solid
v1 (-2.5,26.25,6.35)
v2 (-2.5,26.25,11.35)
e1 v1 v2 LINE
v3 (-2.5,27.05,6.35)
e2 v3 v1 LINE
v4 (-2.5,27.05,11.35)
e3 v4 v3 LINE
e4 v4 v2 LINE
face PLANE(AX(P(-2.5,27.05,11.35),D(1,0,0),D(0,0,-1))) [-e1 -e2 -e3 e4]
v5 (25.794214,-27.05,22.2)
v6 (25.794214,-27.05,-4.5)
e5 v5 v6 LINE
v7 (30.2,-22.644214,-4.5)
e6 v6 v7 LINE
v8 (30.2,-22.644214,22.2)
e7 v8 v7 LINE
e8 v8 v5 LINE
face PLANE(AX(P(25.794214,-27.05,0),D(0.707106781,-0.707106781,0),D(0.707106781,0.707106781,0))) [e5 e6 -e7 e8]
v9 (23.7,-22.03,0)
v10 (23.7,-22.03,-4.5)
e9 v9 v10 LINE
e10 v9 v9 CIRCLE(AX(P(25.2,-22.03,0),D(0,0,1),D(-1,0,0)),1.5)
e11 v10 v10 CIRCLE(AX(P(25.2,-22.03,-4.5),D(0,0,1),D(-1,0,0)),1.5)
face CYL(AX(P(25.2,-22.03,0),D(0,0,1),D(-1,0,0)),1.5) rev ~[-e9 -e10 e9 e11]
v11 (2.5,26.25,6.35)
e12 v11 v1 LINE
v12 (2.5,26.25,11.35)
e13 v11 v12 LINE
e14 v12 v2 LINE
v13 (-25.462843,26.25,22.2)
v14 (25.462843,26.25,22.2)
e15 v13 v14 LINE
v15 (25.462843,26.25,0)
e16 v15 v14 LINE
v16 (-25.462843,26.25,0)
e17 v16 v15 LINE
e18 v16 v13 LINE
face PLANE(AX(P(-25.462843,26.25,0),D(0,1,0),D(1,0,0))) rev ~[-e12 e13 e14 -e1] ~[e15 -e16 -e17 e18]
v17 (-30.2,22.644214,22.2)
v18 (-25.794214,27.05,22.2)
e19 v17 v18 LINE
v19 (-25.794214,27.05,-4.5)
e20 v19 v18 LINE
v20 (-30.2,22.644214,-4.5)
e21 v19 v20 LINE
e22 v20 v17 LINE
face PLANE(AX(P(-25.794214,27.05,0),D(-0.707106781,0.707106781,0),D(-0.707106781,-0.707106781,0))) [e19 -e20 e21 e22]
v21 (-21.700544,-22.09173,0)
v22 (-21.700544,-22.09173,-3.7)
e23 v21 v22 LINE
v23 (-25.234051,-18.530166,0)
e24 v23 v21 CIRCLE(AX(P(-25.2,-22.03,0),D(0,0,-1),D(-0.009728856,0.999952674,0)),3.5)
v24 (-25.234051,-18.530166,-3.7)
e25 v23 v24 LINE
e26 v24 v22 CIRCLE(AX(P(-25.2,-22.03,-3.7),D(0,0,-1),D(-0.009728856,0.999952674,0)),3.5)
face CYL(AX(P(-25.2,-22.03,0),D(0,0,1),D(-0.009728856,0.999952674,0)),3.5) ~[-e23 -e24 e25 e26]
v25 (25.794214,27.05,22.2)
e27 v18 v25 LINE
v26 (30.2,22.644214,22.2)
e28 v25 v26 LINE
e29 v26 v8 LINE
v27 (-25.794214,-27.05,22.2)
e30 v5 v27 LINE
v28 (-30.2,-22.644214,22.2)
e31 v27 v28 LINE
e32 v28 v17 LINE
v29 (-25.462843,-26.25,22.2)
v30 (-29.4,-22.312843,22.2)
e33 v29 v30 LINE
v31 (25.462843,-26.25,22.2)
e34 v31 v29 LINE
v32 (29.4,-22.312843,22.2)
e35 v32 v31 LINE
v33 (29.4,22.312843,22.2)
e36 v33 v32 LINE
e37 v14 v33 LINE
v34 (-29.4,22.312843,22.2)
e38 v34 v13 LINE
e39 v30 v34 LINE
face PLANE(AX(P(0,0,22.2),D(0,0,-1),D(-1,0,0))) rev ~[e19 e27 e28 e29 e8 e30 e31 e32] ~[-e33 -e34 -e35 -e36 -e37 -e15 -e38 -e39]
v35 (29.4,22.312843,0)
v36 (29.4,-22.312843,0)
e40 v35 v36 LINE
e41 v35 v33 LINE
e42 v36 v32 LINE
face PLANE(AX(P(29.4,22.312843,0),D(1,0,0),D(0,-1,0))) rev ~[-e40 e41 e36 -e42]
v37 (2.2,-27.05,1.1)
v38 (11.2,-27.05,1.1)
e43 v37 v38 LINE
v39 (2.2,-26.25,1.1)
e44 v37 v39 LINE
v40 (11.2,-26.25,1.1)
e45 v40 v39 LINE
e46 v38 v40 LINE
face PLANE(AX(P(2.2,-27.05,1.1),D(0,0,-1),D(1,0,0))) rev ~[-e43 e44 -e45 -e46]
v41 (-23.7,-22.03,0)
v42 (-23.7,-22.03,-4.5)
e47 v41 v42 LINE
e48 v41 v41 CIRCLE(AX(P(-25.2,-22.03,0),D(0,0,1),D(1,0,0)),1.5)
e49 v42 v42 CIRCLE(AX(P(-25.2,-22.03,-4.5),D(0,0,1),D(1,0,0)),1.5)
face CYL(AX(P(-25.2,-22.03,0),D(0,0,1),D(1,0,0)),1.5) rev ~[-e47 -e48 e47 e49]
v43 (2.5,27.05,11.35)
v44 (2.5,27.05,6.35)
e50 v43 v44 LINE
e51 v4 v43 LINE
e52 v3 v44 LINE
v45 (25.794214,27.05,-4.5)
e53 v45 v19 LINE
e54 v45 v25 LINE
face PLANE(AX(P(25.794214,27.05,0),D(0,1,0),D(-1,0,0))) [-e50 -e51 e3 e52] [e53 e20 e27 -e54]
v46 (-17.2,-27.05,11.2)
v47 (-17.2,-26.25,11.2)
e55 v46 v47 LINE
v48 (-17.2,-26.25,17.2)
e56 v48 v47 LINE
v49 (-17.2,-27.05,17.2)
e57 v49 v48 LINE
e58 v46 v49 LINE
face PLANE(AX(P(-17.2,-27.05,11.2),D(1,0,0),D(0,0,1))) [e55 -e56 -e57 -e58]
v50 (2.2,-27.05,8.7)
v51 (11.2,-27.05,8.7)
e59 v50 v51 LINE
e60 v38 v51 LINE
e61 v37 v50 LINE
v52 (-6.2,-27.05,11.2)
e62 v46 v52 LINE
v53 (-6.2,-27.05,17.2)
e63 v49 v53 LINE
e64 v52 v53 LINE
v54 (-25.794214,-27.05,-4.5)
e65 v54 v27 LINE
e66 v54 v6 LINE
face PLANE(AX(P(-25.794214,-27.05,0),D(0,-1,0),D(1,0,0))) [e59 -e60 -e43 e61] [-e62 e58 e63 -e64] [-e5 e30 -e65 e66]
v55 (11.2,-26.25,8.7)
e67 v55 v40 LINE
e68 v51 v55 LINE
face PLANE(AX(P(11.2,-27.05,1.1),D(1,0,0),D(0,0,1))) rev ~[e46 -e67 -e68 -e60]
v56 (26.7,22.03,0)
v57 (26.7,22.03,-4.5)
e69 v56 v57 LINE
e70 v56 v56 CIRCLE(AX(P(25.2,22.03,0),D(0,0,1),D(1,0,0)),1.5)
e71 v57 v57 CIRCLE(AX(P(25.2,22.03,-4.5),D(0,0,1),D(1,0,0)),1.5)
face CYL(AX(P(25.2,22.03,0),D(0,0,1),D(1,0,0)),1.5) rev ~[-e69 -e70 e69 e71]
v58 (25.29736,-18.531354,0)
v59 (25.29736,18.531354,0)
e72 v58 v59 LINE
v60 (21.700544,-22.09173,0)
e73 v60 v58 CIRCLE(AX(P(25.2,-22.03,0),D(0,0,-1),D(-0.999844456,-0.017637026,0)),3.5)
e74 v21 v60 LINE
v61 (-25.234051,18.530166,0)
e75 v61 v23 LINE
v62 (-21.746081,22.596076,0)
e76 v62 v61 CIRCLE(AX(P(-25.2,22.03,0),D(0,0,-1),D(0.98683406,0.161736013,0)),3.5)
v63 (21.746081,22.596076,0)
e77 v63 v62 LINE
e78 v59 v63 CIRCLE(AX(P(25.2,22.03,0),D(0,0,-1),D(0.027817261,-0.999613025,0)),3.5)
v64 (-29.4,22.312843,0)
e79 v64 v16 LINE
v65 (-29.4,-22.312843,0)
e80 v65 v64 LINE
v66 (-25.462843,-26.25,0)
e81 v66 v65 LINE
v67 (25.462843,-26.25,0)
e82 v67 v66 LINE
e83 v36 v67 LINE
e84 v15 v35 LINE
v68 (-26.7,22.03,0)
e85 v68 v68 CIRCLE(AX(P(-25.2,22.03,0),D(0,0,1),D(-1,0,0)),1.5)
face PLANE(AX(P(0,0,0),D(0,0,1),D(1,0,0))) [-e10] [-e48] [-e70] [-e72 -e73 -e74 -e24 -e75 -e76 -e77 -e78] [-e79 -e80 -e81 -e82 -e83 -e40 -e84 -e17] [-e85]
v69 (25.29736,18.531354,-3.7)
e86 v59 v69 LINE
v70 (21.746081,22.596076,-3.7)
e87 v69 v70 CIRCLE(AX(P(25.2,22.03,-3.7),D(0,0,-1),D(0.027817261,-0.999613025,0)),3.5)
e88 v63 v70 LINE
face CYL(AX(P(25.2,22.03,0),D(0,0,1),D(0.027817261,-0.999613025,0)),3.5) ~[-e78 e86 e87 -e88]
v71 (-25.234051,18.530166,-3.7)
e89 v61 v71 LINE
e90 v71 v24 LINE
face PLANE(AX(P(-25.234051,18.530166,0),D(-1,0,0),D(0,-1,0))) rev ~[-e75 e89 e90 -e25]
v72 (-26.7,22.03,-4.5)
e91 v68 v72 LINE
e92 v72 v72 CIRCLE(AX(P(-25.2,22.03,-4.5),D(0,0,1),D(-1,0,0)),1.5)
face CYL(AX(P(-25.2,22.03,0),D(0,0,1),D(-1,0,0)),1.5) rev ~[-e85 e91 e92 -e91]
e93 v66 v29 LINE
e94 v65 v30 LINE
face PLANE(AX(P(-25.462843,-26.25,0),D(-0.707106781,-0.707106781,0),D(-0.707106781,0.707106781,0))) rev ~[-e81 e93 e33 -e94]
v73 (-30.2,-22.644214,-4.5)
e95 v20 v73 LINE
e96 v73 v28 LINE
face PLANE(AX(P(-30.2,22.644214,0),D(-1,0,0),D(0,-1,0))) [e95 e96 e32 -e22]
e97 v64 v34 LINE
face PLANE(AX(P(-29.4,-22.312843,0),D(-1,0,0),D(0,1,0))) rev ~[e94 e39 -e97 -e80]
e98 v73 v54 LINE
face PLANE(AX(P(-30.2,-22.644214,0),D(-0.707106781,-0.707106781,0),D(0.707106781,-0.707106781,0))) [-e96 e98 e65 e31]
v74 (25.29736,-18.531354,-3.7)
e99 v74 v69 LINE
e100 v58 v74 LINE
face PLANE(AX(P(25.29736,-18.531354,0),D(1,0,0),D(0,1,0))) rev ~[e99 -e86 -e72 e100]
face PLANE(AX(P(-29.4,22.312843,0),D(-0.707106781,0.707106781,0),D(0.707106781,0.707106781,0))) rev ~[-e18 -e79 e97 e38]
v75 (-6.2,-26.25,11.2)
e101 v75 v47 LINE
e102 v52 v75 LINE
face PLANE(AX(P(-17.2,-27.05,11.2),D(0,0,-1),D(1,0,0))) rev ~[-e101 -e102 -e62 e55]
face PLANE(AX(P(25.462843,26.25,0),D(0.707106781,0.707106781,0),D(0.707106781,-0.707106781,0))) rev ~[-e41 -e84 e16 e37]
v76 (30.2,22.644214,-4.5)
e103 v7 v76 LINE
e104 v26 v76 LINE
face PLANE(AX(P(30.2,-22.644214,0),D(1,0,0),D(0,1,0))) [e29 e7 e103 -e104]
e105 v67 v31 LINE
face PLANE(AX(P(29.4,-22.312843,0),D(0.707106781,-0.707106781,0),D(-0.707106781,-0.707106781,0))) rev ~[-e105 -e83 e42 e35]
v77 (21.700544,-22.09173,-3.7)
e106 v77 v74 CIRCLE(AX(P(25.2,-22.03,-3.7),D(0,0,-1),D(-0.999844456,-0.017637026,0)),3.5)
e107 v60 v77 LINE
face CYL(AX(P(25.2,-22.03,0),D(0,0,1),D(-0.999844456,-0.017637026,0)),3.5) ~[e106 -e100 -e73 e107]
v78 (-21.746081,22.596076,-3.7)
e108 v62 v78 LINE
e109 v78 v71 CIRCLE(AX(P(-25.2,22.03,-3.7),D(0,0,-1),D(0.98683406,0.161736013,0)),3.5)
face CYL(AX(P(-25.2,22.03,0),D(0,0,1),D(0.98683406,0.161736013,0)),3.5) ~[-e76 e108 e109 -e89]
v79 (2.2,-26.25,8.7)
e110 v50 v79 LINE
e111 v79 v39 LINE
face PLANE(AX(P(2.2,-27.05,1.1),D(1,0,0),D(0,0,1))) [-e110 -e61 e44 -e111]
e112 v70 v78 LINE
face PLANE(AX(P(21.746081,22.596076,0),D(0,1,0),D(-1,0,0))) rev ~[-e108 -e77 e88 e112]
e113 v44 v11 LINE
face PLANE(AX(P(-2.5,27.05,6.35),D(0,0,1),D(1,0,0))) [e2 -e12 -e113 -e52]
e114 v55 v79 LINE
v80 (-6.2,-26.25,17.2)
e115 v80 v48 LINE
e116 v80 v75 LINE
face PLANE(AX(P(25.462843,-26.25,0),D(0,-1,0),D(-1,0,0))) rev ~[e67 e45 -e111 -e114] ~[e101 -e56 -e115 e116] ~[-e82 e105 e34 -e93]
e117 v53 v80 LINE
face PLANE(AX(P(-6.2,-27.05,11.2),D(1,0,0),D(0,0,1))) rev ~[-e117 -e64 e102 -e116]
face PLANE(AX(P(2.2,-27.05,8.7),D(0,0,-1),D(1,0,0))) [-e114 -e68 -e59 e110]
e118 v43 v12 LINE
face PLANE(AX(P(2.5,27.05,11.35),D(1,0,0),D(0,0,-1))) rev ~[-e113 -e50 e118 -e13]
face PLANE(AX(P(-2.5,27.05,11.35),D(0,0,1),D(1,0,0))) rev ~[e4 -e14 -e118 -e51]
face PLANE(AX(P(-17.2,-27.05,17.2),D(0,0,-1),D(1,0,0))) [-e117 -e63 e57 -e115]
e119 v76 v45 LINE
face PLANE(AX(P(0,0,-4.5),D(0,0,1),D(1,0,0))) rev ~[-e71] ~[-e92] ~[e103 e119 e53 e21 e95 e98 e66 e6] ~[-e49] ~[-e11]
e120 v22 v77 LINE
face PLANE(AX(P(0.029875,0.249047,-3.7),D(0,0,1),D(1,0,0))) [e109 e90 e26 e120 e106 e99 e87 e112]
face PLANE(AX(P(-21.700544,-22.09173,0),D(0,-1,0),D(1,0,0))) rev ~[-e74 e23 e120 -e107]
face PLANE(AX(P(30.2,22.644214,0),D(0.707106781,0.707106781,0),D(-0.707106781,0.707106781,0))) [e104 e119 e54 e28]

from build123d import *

# Parameters (mm, degrees)
EXTRUDE_1_DEPTH     = 22.2
EXTRUDE_2_DEPTH     = 4.5
SKETCH_3_R          = 1.5
CUT_EXTRUDE_1_DEPTH = 47.223181414
CUT_EXTRUDE_3_DEPTH = 3.7
CUT_EXTRUDE_4_REACH = 67.816
SKETCH_6_W          = 9
SKETCH_6_H          = 7.6
SKETCH_6_W_2        = 11
SKETCH_6_H_2        = 6
CUT_EXTRUDE_5_REACH = 67.816
SKETCH_7_W          = 5
SKETCH_7_H          = 5


with BuildPart() as part:
    # 草圖1 → 填料-伸長1 (new body)
    with BuildSketch(Plane.XY):
        Polygon((-25.794213562, 27.05), (25.794213562, 27.05), (30.2, 22.644213562), (30.2, -22.644213562), (25.794213562, -27.05), (-25.794213562, -27.05), (-30.2, -22.644213562), (-30.2, 22.644213562), align=None)
        Polygon((-29.4, 22.312842712), (-25.462842712, 26.25), (25.462842712, 26.25), (29.4, 22.312842712), (29.4, -22.312842712), (25.462842712, -26.25), (-25.462842712, -26.25), (-29.4, -22.312842712), align=None, mode=Mode.SUBTRACT)
    extrude(amount=EXTRUDE_1_DEPTH)

    # 草圖2 → 填料-伸長2 (add)
    with BuildSketch(Plane(origin=(0, 0, 0), x_dir=(-1, 0, 0), z_dir=(0, 0, -1))):
        Polygon((-30.2, 22.644213562), (-25.794213562, 27.05), (25.794213562, 27.05), (30.2, 22.644213562), (30.2, -22.644213562), (25.794213562, -27.05), (-25.794213562, -27.05), (-30.2, -22.644213562), align=None)
    extrude(amount=EXTRUDE_2_DEPTH)

    # 草圖3 → 除料-伸長1 (cut, through all)
    with BuildSketch(Plane.XY):
        with Locations((25.2, 22.03)):
            Circle(SKETCH_3_R)
        with Locations(Location((25.2, -22.03, 0), (0, 0, 180))):
            Circle(SKETCH_3_R)
        with Locations((-25.2, -22.03)):
            Circle(SKETCH_3_R)
        with Locations(Location((-25.2, 22.03, 0), (0, 0, 180))):
            Circle(SKETCH_3_R)
    extrude(amount=-CUT_EXTRUDE_1_DEPTH, mode=Mode.SUBTRACT)

    # 草圖5 → 除料-伸長3 (cut)
    with BuildSketch(Plane.XY):
        with BuildLine():
            Line((-25.234050993, 18.530165643), (-25.234050993, -18.530165643))
            ThreePointArc((-25.234050993, -18.530165643), (-22.715358839, -19.564932394), (-21.700544406, -22.091729589))
            Line((-21.700544406, -22.091729589), (21.700544406, -22.091729589))
            ThreePointArc((21.700544406, -22.091729589), (22.737758998, -19.542557689), (25.297360416, -18.531354412))
            Line((25.297360416, -18.531354412), (25.297360416, 18.531354412))
            ThreePointArc((25.297360416, 18.531354412), (22.56426249, 19.727200014), (21.74608079, 22.596076045))
            Line((21.74608079, 22.596076045), (-21.74608079, 22.596076045))
            ThreePointArc((-21.74608079, 22.596076045), (-22.543539666, 19.751136578), (-25.234050993, 18.530165643))
        make_face()
    extrude(amount=-CUT_EXTRUDE_3_DEPTH, mode=Mode.SUBTRACT)

    # 草圖6 → 除料-伸長4 (cut, up to next)
    with BuildSketch(Plane.XZ.offset(27.05), mode=Mode.PRIVATE) as cut_extrude_4_sk1:
        with Locations((6.7, 4.9)):
            Rectangle(SKETCH_6_W, SKETCH_6_H)
    cut_extrude_4_tool1 = extrude(cut_extrude_4_sk1.sketch, amount=-CUT_EXTRUDE_4_REACH, mode=Mode.PRIVATE) & part.part
    # 草圖6 → 除料-伸長4 (cut, up to next)
    with BuildSketch(Plane.XZ.offset(27.05), mode=Mode.PRIVATE) as cut_extrude_4_sk2:
        with Locations((-11.7, 14.2)):
            Rectangle(SKETCH_6_W_2, SKETCH_6_H_2)
    cut_extrude_4_tool2 = extrude(cut_extrude_4_sk2.sketch, amount=-CUT_EXTRUDE_4_REACH, mode=Mode.PRIVATE) & part.part
    add(cut_extrude_4_tool1.solids().sort_by_distance((6.7, -27.05, 4.9))[0], mode=Mode.SUBTRACT)
    add(cut_extrude_4_tool2.solids().sort_by_distance((-11.7, -27.05, 14.2))[0], mode=Mode.SUBTRACT)

    # 草圖7 → 除料-伸長5 (cut, up to next)
    with BuildSketch(Plane(origin=(0, 27.05, 0), x_dir=(1, 0, 0), z_dir=(0, 1, 0)), mode=Mode.PRIVATE) as cut_extrude_5_sk1:
        with Locations((0, -8.85)):
            Rectangle(SKETCH_7_W, SKETCH_7_H)
    cut_extrude_5_tool1 = extrude(cut_extrude_5_sk1.sketch, amount=-CUT_EXTRUDE_5_REACH, mode=Mode.PRIVATE) & part.part
    add(cut_extrude_5_tool1.solids().sort_by_distance((0, 27.05, 8.85))[0], mode=Mode.SUBTRACT)


solid = part.part
